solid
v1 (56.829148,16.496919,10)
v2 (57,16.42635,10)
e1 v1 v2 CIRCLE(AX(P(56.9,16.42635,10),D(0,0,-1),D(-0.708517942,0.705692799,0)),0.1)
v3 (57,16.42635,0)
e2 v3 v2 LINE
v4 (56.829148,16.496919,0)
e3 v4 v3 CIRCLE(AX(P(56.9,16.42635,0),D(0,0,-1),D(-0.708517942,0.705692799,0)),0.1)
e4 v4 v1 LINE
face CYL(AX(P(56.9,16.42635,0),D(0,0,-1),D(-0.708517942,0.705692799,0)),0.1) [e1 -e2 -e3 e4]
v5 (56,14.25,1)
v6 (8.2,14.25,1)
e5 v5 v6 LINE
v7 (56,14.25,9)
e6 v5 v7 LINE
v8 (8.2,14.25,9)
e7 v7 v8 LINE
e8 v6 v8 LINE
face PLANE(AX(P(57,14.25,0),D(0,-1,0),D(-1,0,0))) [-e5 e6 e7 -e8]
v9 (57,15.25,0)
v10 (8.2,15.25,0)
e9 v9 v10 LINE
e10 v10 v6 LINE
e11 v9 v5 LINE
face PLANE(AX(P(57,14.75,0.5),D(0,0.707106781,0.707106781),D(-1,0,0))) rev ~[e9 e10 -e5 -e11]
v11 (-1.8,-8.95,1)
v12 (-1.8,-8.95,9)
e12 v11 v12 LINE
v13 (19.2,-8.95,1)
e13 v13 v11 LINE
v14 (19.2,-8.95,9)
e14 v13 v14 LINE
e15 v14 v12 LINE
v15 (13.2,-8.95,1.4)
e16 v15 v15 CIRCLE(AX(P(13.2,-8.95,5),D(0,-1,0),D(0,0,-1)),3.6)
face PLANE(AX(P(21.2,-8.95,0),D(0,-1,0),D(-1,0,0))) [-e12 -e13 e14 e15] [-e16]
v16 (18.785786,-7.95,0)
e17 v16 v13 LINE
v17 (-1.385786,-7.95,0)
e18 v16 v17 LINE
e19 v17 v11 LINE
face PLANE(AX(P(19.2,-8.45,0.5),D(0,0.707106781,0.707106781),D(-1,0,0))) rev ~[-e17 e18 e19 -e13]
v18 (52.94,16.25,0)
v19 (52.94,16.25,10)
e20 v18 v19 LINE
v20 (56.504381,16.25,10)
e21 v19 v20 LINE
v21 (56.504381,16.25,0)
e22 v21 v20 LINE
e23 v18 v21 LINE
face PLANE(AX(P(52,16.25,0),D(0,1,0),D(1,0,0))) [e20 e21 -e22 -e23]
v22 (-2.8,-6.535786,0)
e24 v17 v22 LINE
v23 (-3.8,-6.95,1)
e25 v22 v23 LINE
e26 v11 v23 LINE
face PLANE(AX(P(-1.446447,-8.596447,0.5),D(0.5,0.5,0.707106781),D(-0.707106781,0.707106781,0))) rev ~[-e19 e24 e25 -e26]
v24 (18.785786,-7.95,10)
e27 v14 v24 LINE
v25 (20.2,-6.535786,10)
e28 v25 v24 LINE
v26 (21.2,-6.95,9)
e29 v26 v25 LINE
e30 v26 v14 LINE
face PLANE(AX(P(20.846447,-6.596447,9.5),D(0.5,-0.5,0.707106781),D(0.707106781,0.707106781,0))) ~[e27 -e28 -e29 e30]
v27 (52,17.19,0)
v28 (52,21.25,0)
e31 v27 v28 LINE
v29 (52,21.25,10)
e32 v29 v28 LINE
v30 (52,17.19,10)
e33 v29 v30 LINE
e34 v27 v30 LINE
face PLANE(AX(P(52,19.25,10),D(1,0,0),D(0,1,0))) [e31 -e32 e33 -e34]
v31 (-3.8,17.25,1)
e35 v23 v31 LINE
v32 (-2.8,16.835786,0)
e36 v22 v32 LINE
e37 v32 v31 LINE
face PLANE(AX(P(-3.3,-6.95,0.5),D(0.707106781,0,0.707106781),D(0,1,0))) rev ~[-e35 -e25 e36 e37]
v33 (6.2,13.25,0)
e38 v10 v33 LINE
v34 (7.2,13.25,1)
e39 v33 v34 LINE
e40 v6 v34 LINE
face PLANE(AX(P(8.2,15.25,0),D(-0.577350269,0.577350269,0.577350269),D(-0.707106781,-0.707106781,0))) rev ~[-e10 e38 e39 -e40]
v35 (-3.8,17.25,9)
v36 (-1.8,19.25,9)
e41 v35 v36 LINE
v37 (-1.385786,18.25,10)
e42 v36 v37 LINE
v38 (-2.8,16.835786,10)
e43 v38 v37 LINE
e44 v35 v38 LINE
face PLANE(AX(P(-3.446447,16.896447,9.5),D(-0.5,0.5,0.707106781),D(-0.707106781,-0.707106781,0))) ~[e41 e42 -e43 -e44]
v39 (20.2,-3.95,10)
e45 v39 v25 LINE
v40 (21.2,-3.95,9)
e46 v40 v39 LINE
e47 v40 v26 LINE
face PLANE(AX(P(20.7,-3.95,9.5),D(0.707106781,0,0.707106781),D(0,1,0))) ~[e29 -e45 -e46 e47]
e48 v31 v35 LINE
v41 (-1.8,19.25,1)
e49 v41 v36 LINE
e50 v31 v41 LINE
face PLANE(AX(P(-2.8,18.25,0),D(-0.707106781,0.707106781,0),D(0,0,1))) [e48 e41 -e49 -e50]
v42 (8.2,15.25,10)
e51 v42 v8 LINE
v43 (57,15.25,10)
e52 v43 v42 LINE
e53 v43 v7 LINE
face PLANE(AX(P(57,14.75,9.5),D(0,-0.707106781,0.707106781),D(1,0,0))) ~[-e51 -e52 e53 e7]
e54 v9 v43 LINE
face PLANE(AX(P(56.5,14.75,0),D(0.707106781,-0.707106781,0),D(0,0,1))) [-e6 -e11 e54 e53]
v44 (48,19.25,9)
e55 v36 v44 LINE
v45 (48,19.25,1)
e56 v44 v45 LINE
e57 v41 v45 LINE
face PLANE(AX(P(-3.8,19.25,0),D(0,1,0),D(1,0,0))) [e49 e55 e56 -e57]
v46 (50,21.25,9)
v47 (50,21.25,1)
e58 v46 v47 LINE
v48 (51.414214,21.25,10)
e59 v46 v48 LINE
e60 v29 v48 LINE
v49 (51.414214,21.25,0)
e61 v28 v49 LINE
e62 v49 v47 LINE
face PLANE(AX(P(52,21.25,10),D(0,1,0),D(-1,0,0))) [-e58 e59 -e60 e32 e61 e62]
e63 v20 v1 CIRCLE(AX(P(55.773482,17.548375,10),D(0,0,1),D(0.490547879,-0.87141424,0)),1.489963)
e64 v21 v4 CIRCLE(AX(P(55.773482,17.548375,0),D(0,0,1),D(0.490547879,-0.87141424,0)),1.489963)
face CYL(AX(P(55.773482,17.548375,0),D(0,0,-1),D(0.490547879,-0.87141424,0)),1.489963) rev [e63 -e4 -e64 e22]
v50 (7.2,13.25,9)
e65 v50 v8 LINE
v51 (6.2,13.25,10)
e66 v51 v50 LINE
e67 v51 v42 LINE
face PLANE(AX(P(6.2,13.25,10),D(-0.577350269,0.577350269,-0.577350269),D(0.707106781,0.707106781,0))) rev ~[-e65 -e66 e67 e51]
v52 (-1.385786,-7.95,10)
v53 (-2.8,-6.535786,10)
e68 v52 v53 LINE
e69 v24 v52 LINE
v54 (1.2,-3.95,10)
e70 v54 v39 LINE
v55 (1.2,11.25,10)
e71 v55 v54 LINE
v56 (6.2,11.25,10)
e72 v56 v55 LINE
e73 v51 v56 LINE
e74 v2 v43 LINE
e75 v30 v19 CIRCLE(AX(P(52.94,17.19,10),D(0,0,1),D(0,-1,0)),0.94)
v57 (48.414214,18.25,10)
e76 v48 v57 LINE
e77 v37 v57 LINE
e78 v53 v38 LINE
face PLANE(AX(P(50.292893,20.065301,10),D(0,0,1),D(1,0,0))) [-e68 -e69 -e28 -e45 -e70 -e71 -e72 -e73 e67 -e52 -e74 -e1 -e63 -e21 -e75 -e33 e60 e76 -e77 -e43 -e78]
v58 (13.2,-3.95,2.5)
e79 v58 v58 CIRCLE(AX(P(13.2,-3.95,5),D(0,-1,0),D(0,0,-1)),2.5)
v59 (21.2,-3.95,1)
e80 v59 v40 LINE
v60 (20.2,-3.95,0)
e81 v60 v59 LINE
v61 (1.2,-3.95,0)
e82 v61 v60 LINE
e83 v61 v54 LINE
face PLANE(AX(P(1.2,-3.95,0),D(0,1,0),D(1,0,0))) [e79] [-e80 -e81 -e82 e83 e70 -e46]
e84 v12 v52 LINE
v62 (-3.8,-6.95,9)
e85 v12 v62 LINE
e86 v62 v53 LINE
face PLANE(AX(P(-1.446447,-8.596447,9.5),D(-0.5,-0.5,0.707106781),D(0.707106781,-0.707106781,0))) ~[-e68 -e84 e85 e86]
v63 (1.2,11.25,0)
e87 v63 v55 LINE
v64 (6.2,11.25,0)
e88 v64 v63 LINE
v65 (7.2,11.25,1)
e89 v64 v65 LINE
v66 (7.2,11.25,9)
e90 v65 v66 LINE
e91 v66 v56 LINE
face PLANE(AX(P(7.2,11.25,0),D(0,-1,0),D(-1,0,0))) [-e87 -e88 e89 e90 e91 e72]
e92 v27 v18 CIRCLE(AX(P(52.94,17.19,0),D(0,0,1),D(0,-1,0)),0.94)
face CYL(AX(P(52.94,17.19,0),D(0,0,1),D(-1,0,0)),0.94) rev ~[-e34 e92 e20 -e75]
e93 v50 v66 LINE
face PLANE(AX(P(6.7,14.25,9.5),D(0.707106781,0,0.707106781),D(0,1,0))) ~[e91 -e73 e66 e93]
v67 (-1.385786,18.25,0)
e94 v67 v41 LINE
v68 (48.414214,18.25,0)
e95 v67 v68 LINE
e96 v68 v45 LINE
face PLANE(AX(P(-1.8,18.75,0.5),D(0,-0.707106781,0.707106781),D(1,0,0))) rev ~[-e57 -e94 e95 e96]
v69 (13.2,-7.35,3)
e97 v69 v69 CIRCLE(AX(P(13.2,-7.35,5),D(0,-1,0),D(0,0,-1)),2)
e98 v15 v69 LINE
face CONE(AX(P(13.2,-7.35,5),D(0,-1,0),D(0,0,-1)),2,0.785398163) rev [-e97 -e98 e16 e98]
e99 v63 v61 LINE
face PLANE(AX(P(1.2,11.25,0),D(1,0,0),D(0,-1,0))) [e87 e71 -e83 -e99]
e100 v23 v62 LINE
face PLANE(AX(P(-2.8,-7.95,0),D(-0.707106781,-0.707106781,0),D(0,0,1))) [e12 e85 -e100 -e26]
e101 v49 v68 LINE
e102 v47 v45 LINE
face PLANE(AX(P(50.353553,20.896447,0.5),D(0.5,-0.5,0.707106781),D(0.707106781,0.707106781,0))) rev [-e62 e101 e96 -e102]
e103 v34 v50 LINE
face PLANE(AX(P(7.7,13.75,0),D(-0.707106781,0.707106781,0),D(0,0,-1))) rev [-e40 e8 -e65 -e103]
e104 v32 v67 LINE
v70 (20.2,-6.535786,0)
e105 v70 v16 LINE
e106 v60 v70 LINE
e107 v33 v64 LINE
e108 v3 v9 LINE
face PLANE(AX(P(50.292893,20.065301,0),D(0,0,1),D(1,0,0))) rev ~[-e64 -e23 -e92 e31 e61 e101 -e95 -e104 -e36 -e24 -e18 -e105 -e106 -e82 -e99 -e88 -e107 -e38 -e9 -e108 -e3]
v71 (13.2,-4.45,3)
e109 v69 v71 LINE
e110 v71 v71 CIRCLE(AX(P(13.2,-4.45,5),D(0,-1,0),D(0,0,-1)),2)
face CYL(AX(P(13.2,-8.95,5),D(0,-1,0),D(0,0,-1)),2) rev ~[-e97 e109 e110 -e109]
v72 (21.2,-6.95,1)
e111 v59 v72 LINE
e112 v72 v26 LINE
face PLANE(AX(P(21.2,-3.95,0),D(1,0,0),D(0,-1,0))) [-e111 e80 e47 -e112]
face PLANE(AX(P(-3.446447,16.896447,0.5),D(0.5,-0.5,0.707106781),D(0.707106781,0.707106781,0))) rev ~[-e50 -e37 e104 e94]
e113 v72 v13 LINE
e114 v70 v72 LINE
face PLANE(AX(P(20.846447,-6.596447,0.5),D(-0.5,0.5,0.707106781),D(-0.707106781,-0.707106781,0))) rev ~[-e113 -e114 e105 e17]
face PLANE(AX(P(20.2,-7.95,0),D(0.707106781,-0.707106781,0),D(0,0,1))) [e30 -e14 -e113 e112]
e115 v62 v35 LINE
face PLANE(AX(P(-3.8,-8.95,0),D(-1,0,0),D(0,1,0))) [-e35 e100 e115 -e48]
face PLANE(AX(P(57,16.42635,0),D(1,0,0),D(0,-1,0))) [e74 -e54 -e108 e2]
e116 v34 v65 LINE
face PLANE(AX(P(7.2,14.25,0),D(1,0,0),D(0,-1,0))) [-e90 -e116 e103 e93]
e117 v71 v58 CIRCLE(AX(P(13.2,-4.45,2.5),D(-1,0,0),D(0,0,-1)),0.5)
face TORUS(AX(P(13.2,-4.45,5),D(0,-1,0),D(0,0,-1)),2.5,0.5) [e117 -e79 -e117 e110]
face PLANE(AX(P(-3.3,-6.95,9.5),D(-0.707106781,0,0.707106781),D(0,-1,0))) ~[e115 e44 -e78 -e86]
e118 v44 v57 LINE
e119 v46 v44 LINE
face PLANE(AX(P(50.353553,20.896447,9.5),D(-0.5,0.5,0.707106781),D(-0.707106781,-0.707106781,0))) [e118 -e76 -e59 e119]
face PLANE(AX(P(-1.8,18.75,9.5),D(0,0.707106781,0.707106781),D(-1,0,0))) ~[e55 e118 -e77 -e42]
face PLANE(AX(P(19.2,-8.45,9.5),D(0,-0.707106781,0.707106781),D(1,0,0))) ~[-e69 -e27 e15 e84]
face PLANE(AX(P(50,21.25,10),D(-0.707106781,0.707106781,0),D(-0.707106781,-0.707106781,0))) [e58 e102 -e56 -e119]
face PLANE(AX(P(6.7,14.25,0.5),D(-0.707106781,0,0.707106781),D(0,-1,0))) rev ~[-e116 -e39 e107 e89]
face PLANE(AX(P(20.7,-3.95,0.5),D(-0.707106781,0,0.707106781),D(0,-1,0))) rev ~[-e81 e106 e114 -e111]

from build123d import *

# Parameters (mm, degrees)
RESSALTO_EXTRUS_O1_DEPTH = 10
ESBO_O3_R                = 2
CORTE_EXTRUS_O1_DEPTH    = 15
CHANFRO1_SIZE            = 1.6
FILETE1_R                = 0.5
FILETE2_R                = 0.94
RESSALTO_EXTRUS_O3_DEPTH = 10
CHANFRO5_SIZE            = 2
CHANFRO4_SIZE            = 1


with BuildPart() as part:
    # Esboço1 → Ressalto-extrusão1 (new body)
    with BuildSketch(Plane.XY):
        with BuildLine():
            Line((57, 14.25), (7.2, 14.25))
            Line((7.2, 14.25), (7.2, 11.25))
            Line((7.2, 11.25), (1.2, 11.25))
            Line((1.2, 11.25), (1.2, -3.95))
            Line((1.2, -3.95), (21.2, -3.95))
            Line((21.2, -3.95), (21.2, -8.95))
            Line((21.2, -8.95), (-3.8, -8.95))
            Line((-3.8, -8.95), (-3.8, 19.25))
            Line((-3.8, 19.25), (52, 19.25))
            Line((52, 19.25), (52, 16.25))
            Line((52, 16.25), (56.504380809, 16.25))
            ThreePointArc((56.504380809, 16.25), (56.67525574, 16.362291088), (56.829148206, 16.496918869))
            ThreePointArc((56.829148206, 16.496918869), (56.938176044, 16.51877572), (57, 16.426349589))
            Line((57, 16.426349589), (57, 16.25))
            Line((57, 16.25), (57, 14.25))
        make_face()
    extrude(amount=RESSALTO_EXTRUS_O1_DEPTH)

    # Esboço3 → Corte-extrusão1 (cut)
    with BuildSketch(Plane.XZ.offset(8.95)):
        with Locations(Location((13.2, 5, 0), (0, 0, 270))):
            Circle(ESBO_O3_R)
    extrude(amount=-CORTE_EXTRUS_O1_DEPTH, mode=Mode.SUBTRACT)

    # Chanfro1
    chanfro1_edges = [part.edges().sort_by_distance(p)[0] for p in [
        (13.2, -8.95, 7),
    ]]
    chamfer(chanfro1_edges, length=CHANFRO1_SIZE)

    # Filete1
    filete1_edges = [part.edges().sort_by_distance(p)[0] for p in [
        (13.2, -3.95, 7),
    ]]
    fillet(filete1_edges, radius=FILETE1_R)

    # Filete2
    filete2_edges = [part.edges().sort_by_distance(p)[0] for p in [
        (52, 16.25, 5),
    ]]
    fillet(filete2_edges, radius=FILETE2_R)

    # Esboço5 → Ressalto-extrusão3 (add)
    with BuildSketch(Plane.XY.offset(10)):
        Polygon((52, 19.25), (52, 21.25), (50, 21.25), (48, 19.25), align=None)
    extrude(amount=-RESSALTO_EXTRUS_O3_DEPTH)

    # Chanfro5
    chanfro5_edges = [part.edges().sort_by_distance(p)[0] for p in [
        (21.2, -8.95, 5),
        (-3.8, -8.95, 5),
        (-3.8, 19.25, 5),
    ]]
    chamfer(chanfro5_edges, length=CHANFRO5_SIZE)

    # Chanfro4
    chanfro4_edges = [part.edges().sort_by_distance(p)[0] for p in [
        (32.1, 14.25, 0),
        (7.2, 12.75, 0),
        (57, 14.25, 5),
        (7.2, 14.25, 5),
        (7.2, 12.75, 10),
        (23.1, 19.25, 0),
        (23.1, 19.25, 10),
        (49, 20.25, 10),
        (49, 20.25, 0),
        (8.7, -8.95, 0),
        (8.7, -8.95, 10),
        (21.2, -5.45, 0),
        (-3.8, 5.15, 0),
        (-2.8, 18.25, 0),
        (20.2, -7.95, 0),
        (-2.8, -7.95, 0),
        (-3.8, 5.15, 10),
        (21.2, -5.45, 10),
        (-2.8, 18.25, 10),
        (20.2, -7.95, 10),
        (-2.8, -7.95, 10),
        (32.1, 14.25, 10),
    ]]
    chamfer(chanfro4_edges, length=CHANFRO4_SIZE)


solid = part.part
